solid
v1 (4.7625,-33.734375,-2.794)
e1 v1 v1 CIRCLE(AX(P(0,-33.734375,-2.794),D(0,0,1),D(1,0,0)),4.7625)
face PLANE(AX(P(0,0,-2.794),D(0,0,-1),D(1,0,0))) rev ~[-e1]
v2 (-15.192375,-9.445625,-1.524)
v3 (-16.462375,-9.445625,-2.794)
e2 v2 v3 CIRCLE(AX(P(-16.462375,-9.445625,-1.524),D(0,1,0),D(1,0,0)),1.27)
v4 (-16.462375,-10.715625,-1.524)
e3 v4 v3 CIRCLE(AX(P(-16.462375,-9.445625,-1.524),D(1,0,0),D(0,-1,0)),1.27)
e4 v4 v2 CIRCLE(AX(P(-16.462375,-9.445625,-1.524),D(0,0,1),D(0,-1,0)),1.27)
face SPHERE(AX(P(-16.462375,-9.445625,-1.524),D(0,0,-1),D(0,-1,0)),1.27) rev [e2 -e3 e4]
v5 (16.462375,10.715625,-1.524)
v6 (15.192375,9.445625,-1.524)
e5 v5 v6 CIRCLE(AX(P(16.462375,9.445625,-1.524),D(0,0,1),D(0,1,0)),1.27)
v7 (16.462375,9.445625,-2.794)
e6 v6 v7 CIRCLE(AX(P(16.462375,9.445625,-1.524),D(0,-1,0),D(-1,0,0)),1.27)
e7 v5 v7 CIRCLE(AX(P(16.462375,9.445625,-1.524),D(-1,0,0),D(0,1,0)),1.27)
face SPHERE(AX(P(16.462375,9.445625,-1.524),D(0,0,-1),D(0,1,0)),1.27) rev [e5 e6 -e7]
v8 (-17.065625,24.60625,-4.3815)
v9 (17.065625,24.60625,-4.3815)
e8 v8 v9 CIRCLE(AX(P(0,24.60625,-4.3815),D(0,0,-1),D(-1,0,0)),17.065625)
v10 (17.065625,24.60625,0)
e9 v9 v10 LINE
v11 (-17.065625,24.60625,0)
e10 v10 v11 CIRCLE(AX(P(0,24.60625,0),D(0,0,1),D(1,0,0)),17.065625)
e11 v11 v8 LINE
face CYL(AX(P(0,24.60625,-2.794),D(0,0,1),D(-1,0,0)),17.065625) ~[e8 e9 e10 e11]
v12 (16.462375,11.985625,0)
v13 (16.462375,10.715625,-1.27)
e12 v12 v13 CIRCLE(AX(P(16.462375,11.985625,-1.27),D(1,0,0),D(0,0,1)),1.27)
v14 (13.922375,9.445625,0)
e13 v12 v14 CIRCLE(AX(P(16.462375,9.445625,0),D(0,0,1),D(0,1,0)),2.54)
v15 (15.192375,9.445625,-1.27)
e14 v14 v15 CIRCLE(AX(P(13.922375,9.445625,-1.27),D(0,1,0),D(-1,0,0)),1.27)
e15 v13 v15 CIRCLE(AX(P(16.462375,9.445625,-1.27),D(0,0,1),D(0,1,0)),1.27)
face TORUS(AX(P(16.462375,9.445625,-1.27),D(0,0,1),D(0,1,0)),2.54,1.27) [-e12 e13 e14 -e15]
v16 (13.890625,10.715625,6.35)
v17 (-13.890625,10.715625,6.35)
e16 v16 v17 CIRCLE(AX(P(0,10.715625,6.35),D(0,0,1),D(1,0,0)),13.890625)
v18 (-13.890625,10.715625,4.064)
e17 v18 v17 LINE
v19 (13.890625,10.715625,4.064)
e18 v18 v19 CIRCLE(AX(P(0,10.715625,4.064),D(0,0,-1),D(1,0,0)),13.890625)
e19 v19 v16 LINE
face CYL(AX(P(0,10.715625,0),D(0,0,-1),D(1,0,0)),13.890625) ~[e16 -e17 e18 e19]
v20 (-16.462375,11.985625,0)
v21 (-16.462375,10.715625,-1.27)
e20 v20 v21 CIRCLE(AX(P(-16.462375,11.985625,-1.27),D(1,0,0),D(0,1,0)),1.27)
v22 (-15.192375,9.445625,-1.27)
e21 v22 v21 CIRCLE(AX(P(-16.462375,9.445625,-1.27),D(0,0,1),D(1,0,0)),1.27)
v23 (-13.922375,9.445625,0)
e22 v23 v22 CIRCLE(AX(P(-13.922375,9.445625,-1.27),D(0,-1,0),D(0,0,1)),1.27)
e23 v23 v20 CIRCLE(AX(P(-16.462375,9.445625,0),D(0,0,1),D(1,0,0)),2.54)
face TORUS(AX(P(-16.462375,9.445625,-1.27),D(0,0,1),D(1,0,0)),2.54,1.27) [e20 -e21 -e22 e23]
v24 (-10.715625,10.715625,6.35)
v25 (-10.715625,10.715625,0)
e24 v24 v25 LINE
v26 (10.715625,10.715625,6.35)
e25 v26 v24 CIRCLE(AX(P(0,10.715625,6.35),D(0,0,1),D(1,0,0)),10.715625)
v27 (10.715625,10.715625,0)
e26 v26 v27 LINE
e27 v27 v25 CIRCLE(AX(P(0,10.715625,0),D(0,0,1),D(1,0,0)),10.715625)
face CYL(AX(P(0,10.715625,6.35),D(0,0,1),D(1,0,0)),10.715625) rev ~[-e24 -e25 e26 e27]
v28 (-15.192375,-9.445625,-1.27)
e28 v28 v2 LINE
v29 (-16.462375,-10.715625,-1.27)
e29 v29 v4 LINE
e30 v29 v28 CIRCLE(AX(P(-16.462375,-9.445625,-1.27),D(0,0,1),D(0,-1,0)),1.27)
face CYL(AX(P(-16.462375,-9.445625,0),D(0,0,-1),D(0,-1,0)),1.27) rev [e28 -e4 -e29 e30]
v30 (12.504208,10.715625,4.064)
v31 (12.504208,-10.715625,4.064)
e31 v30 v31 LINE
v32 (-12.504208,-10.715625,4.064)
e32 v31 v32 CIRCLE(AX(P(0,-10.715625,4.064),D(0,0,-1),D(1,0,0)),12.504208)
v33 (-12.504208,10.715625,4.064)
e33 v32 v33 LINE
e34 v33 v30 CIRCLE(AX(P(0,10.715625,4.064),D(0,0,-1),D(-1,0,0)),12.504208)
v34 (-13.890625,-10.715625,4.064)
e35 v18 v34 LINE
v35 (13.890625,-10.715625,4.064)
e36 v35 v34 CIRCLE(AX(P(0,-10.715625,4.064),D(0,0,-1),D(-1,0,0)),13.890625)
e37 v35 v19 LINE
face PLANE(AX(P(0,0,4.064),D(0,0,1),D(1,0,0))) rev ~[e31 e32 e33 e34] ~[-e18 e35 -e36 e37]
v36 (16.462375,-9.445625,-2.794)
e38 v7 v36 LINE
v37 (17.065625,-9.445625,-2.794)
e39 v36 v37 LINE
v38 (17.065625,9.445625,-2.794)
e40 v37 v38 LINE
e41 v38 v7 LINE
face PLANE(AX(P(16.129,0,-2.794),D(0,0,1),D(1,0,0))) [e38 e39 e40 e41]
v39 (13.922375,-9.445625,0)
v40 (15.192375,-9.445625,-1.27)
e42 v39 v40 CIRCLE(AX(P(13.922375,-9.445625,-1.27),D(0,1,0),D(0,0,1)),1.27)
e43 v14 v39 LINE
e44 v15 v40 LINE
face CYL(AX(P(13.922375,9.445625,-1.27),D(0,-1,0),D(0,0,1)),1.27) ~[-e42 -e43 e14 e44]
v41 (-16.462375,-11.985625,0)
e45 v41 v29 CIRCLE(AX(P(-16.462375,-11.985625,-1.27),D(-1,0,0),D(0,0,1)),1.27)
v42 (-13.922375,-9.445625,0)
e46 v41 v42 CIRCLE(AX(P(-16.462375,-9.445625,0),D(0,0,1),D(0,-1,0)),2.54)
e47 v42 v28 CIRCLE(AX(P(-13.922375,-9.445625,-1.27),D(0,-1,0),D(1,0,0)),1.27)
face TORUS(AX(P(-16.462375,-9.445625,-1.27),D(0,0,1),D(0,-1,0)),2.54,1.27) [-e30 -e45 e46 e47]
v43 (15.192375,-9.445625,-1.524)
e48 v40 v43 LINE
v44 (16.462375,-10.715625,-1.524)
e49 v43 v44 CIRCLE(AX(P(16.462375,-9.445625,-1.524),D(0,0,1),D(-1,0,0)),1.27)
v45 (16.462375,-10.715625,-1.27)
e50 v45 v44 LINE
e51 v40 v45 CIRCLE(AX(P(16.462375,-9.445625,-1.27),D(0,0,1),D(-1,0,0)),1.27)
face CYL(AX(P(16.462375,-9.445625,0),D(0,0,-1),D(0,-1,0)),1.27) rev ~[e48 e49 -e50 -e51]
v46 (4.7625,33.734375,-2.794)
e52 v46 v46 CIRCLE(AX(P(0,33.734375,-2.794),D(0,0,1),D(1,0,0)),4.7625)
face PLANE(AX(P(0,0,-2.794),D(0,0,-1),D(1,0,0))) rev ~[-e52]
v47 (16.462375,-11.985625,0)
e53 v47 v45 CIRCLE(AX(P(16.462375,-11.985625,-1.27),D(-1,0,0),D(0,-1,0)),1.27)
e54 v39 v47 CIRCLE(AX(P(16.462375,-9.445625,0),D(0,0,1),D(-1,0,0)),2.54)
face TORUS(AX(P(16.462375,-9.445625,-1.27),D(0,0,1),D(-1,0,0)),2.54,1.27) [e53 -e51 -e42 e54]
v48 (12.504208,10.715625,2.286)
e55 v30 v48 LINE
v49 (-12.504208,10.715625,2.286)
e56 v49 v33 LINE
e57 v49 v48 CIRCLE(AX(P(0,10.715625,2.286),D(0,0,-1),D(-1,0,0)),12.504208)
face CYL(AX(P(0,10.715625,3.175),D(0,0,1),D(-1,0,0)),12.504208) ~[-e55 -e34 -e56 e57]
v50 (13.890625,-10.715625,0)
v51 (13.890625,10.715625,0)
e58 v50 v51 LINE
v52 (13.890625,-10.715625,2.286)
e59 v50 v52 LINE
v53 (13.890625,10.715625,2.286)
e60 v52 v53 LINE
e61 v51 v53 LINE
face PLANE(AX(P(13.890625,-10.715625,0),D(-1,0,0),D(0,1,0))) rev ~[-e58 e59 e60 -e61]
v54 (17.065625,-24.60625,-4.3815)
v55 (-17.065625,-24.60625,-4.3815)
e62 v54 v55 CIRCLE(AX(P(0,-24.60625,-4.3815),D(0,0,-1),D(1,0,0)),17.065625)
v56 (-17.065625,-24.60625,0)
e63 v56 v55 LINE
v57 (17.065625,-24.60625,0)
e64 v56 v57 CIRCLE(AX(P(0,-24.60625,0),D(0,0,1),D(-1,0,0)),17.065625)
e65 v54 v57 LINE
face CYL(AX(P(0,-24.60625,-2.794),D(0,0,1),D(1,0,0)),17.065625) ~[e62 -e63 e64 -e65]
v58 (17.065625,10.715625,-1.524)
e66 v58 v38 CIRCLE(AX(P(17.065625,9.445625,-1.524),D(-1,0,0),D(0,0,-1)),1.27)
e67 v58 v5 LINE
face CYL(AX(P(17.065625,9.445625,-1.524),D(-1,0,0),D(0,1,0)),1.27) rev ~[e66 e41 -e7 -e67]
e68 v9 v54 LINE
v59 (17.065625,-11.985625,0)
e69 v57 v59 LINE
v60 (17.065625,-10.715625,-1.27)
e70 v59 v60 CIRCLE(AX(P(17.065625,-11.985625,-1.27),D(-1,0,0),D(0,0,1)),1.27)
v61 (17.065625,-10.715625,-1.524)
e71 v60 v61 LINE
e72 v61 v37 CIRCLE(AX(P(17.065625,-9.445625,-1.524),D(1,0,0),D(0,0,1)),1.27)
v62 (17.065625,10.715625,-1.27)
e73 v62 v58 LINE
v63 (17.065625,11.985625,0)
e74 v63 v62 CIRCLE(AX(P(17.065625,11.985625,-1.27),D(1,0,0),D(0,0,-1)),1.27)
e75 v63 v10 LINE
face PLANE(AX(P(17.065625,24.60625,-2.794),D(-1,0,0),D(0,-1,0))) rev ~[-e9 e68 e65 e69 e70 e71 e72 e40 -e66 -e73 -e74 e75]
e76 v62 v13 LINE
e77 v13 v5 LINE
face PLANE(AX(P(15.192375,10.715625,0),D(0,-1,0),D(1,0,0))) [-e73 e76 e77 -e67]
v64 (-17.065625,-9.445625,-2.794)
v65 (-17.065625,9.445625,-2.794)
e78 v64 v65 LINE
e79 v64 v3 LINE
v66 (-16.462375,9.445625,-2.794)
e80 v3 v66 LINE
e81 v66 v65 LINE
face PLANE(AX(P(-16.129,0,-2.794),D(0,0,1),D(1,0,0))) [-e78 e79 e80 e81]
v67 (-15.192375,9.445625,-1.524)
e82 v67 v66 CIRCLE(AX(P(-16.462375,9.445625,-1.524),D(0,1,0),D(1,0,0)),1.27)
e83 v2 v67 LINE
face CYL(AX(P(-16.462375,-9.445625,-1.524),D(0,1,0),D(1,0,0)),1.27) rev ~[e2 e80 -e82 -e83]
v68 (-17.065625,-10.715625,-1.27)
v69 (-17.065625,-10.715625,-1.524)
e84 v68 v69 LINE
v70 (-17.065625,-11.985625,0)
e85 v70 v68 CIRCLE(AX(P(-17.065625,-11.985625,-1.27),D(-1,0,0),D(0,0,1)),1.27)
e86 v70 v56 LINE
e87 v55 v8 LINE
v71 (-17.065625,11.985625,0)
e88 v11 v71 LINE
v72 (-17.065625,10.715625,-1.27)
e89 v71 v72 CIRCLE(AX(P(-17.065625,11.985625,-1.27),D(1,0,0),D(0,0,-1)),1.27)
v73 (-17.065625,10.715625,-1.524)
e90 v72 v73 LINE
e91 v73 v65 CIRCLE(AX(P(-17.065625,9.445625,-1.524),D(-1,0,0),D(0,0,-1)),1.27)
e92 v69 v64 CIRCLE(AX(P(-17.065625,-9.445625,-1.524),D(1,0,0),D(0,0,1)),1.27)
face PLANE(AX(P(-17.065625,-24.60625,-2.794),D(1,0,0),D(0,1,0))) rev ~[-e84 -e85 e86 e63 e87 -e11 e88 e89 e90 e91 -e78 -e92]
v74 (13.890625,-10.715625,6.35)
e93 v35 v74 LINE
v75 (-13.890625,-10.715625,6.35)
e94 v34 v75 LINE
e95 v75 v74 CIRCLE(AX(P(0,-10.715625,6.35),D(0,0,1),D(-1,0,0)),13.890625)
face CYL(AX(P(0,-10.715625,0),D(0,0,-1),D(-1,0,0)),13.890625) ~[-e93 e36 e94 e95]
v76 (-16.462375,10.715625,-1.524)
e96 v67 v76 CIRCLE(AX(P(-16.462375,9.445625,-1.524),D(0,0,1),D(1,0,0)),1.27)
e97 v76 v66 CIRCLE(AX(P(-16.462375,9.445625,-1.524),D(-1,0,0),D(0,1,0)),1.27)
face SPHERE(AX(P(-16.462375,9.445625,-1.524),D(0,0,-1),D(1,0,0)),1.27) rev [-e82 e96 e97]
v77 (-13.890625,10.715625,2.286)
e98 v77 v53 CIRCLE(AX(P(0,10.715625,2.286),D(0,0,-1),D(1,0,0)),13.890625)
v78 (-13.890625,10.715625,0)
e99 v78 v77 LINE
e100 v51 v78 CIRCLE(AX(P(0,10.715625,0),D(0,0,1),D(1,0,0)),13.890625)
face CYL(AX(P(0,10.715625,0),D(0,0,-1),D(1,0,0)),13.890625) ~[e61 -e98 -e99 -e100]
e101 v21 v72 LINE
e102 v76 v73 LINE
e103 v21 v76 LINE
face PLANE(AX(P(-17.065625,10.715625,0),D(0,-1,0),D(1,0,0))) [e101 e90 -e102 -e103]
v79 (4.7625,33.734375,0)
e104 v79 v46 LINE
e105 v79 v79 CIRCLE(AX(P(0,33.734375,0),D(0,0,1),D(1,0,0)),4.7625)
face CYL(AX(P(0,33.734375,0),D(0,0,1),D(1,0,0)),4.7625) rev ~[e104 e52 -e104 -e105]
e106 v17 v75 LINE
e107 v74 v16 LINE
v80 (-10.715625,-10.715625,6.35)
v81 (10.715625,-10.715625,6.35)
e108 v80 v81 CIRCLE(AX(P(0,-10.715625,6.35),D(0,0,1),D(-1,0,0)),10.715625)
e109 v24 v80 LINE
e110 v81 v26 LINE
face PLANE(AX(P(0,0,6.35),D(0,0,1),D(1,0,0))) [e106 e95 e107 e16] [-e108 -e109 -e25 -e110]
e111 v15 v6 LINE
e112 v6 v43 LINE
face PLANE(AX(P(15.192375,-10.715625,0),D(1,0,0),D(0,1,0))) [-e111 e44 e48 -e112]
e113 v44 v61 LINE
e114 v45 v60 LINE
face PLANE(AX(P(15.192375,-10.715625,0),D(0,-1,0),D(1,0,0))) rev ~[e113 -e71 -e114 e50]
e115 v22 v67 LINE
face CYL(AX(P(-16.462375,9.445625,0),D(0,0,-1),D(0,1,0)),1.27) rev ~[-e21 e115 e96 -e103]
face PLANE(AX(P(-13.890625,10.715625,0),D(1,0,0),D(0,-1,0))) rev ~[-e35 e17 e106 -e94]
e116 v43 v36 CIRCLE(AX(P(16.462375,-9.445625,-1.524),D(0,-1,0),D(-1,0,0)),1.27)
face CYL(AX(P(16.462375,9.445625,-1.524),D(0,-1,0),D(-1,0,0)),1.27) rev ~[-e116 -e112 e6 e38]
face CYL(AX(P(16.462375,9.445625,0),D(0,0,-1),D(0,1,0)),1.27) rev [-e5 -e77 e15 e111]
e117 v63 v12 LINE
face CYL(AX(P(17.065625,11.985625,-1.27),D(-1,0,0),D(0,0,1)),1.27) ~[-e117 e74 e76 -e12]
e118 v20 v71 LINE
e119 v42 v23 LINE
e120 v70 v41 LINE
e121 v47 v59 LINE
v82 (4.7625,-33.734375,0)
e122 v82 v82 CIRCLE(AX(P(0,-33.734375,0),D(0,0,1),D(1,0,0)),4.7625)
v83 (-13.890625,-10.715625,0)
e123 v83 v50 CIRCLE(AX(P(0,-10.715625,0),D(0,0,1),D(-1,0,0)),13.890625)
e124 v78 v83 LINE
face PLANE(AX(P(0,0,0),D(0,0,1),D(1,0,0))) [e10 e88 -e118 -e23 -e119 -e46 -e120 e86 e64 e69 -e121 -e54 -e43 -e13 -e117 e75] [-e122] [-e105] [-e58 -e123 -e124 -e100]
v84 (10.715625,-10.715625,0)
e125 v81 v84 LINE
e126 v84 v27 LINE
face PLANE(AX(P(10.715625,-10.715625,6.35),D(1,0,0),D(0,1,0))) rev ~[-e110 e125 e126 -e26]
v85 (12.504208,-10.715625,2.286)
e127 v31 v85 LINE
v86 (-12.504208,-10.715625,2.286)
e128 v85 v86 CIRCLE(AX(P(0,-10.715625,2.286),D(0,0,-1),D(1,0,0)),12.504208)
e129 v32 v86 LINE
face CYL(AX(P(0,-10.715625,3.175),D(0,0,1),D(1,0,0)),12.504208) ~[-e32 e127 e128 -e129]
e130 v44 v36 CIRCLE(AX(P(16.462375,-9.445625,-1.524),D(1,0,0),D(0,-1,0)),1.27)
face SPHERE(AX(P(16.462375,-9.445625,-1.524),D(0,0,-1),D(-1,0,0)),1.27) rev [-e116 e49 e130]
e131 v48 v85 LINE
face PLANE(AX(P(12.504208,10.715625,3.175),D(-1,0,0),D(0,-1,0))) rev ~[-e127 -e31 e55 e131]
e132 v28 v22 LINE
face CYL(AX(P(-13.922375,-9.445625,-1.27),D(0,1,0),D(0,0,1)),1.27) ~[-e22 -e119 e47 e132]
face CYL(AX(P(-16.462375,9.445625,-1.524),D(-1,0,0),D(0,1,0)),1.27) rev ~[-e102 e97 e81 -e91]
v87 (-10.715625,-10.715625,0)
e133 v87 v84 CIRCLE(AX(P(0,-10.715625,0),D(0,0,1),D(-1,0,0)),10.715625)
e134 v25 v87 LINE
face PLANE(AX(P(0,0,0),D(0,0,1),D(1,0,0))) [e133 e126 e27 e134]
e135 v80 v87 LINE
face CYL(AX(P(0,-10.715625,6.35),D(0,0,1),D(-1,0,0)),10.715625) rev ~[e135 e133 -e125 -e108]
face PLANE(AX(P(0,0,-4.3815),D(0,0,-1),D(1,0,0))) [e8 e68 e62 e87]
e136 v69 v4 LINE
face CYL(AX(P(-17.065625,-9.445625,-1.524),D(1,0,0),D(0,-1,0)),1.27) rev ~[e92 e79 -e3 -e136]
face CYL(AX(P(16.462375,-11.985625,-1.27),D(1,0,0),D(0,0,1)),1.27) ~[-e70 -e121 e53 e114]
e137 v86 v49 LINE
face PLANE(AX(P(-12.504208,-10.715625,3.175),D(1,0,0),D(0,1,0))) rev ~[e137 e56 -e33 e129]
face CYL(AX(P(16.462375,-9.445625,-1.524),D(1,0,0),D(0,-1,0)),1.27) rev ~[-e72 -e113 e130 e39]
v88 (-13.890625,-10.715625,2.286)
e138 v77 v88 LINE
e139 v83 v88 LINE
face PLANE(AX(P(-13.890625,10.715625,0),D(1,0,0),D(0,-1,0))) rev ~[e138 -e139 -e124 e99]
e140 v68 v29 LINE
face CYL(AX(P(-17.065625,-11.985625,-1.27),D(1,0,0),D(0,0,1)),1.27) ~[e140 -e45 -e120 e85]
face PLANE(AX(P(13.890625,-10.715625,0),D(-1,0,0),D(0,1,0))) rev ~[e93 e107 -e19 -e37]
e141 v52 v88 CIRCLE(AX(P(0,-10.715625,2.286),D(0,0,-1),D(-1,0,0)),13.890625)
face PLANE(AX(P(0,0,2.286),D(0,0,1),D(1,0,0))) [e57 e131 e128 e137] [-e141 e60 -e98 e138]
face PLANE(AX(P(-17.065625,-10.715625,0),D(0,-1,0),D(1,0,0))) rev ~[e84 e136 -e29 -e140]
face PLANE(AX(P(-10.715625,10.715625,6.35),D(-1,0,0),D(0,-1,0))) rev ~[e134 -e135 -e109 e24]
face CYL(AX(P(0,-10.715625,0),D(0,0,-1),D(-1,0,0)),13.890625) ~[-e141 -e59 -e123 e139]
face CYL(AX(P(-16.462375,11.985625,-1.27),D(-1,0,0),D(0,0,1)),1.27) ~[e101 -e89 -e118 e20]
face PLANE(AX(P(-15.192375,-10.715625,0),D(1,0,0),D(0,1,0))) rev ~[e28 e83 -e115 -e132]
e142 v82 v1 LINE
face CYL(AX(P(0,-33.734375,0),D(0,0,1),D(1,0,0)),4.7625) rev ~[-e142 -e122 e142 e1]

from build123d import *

# Parameters (mm, degrees)
F1_DEPTH  = 6.35
F0_R      = 4.7625
F2_DEPTH  = 2.794
F4_DEPTH  = 1.5875
F6_DEPTH  = 6.35
F8_W      = 1.87325
F8_H      = 21.43125
F9_DEPTH  = 2.794
F11_DEPTH = 0.889
F12_R     = 1.27
F13_R     = 1.27


with BuildPart() as f1:
    # F0 (on Top) → F1 (new body)
    with BuildSketch(Plane.XY):
        with BuildLine():
            ThreePointArc((13.890625, 10.715625), (0, 24.60625), (-13.890625, 10.715625))
            Line((-13.890625, 10.715625), (-13.890625, -10.715625))
            ThreePointArc((-13.890625, -10.715625), (0, -24.60625), (13.890625, -10.715625))
            Line((13.890625, -10.715625), (13.890625, 10.715625))
        make_face()
    extrude(amount=F1_DEPTH)

    # F0 (on Top) → F2 (join)
    with BuildSketch(Plane.XY):
        with BuildLine():
            ThreePointArc((17.065625, 24.60625), (0, 41.671875), (-17.065625, 24.60625))
            Line((-17.065625, 24.60625), (-17.065625, -24.60625))
            ThreePointArc((-17.065625, -24.60625), (0, -41.671875), (17.065625, -24.60625))
            Line((17.065625, -24.60625), (17.065625, 24.60625))
        make_face()
        with Locations((0, -33.734375)):
            Circle(F0_R, mode=Mode.SUBTRACT)
        with BuildLine():
            ThreePointArc((-14.684375, 10.715625), (0, 25.4), (14.684375, 10.715625))
            Line((14.684375, 10.715625), (14.684375, -10.715625))
            ThreePointArc((14.684375, -10.715625), (0, -25.4), (-14.684375, -10.715625))
            Line((-14.684375, -10.715625), (-14.684375, 10.715625))
        make_face(mode=Mode.SUBTRACT)
        with Locations((0, 33.734375)):
            Circle(F0_R, mode=Mode.SUBTRACT)
        with BuildLine():
            Line((14.684375, -10.715625), (14.684375, 10.715625))
            ThreePointArc((14.684375, 10.715625), (0, 25.4), (-14.684375, 10.715625))
            Line((-14.684375, 10.715625), (-14.684375, -10.715625))
            ThreePointArc((-14.684375, -10.715625), (0, -25.4), (14.684375, -10.715625))
        make_face()
        with BuildLine():
            Line((-13.890625, -10.715625), (-13.890625, 10.715625))
            ThreePointArc((-13.890625, 10.715625), (0, 24.60625), (13.890625, 10.715625))
            Line((13.890625, 10.715625), (13.890625, -10.715625))
            ThreePointArc((13.890625, -10.715625), (0, -24.60625), (-13.890625, -10.715625))
        make_face(mode=Mode.SUBTRACT)
        with BuildLine():
            ThreePointArc((13.890625, 10.715625), (0, 24.60625), (-13.890625, 10.715625))
            Line((-13.890625, 10.715625), (-13.890625, -10.715625))
            ThreePointArc((-13.890625, -10.715625), (0, -24.60625), (13.890625, -10.715625))
            Line((13.890625, -10.715625), (13.890625, 10.715625))
        make_face()
    extrude(amount=-F2_DEPTH)

    # F3 (on face) → F4 (join)
    with BuildSketch(Plane(origin=(0, 0, -2.794), x_dir=(1, 0, 0), z_dir=(0, 0, -1))):
        with BuildLine():
            ThreePointArc((17.065625, 24.60625), (0, 41.671875), (-17.065625, 24.60625))
            Line((-17.065625, 24.60625), (-17.065625, -24.60625))
            ThreePointArc((-17.065625, -24.60625), (0, -41.671875), (17.065625, -24.60625))
            Line((17.065625, -24.60625), (17.065625, 24.60625))
        make_face()
    extrude(amount=F4_DEPTH)

    # F5 (on face) → F6 (cut, through all)
    with BuildSketch(Plane.XY.offset(6.35)):
        with BuildLine():
            ThreePointArc((10.715625, 10.715625), (0, 21.43125), (-10.715625, 10.715625))
            Line((-10.715625, 10.715625), (-10.715625, -10.715625))
            ThreePointArc((-10.715625, -10.715625), (0, -21.43125), (10.715625, -10.715625))
            Line((10.715625, -10.715625), (10.715625, 10.715625))
        make_face()
    extrude(amount=-F6_DEPTH, mode=Mode.SUBTRACT)

    # F8 (on face) → F9 (cut, through all)
    with BuildSketch(Plane.XY):
        with Locations((16.129, 0)):
            Rectangle(F8_W, F8_H)
        with Locations((-16.129, 0)):
            Rectangle(F8_W, F8_H)
    extrude(amount=-F9_DEPTH, mode=Mode.SUBTRACT)

    # F10 (on mid) → F11 (cut, symmetric)
    with BuildSketch(Plane.XY.offset(3.175)):
        with BuildLine():
            Line((14.684375, -10.715625), (14.684375, 10.715625))
            ThreePointArc((14.684375, 10.715625), (0, 25.4), (-14.684375, 10.715625))
            Line((-14.684375, 10.715625), (-14.684375, -10.715625))
            ThreePointArc((-14.684375, -10.715625), (0, -25.4), (14.684375, -10.715625))
        make_face()
        with BuildLine():
            ThreePointArc((-12.5042083333, 10.715625), (0, 23.2198333333), (12.5042083333, 10.715625))
            Line((12.5042083333, 10.715625), (12.5042083333, -10.715625))
            ThreePointArc((12.5042083333, -10.715625), (0, -23.2198333333), (-12.5042083333, -10.715625))
            Line((-12.5042083333, -10.715625), (-12.5042083333, 10.715625))
        make_face(mode=Mode.SUBTRACT)
    extrude(amount=F11_DEPTH, both=True, mode=Mode.SUBTRACT)

    # F12
    f12_edges = [f1.edges().sort_by_distance(p)[0] for p in [
        (15.192375, -10.715625, -1.397),
        (15.192375, 10.715625, -1.397),
        (-15.192375, 10.715625, -1.397),
        (-15.192375, -10.715625, -1.397),
    ]]
    fillet(f12_edges, radius=F12_R)

    # F13
    f13_edges = [f1.edges().sort_by_distance(p)[0] for p in [
        (16.764, -10.715625, 0),
        (16.764, 10.715625, 0),
        (16.764, -10.715625, -2.794),
        (16.764, 10.715625, -2.794),
        (-16.764, -10.715625, 0),
        (-16.764, -10.715625, -2.794),
        (-16.764, 10.715625, 0),
        (-16.764, 10.715625, -2.794),
    ]]
    fillet(f13_edges, radius=F13_R)


solid = f1.part
